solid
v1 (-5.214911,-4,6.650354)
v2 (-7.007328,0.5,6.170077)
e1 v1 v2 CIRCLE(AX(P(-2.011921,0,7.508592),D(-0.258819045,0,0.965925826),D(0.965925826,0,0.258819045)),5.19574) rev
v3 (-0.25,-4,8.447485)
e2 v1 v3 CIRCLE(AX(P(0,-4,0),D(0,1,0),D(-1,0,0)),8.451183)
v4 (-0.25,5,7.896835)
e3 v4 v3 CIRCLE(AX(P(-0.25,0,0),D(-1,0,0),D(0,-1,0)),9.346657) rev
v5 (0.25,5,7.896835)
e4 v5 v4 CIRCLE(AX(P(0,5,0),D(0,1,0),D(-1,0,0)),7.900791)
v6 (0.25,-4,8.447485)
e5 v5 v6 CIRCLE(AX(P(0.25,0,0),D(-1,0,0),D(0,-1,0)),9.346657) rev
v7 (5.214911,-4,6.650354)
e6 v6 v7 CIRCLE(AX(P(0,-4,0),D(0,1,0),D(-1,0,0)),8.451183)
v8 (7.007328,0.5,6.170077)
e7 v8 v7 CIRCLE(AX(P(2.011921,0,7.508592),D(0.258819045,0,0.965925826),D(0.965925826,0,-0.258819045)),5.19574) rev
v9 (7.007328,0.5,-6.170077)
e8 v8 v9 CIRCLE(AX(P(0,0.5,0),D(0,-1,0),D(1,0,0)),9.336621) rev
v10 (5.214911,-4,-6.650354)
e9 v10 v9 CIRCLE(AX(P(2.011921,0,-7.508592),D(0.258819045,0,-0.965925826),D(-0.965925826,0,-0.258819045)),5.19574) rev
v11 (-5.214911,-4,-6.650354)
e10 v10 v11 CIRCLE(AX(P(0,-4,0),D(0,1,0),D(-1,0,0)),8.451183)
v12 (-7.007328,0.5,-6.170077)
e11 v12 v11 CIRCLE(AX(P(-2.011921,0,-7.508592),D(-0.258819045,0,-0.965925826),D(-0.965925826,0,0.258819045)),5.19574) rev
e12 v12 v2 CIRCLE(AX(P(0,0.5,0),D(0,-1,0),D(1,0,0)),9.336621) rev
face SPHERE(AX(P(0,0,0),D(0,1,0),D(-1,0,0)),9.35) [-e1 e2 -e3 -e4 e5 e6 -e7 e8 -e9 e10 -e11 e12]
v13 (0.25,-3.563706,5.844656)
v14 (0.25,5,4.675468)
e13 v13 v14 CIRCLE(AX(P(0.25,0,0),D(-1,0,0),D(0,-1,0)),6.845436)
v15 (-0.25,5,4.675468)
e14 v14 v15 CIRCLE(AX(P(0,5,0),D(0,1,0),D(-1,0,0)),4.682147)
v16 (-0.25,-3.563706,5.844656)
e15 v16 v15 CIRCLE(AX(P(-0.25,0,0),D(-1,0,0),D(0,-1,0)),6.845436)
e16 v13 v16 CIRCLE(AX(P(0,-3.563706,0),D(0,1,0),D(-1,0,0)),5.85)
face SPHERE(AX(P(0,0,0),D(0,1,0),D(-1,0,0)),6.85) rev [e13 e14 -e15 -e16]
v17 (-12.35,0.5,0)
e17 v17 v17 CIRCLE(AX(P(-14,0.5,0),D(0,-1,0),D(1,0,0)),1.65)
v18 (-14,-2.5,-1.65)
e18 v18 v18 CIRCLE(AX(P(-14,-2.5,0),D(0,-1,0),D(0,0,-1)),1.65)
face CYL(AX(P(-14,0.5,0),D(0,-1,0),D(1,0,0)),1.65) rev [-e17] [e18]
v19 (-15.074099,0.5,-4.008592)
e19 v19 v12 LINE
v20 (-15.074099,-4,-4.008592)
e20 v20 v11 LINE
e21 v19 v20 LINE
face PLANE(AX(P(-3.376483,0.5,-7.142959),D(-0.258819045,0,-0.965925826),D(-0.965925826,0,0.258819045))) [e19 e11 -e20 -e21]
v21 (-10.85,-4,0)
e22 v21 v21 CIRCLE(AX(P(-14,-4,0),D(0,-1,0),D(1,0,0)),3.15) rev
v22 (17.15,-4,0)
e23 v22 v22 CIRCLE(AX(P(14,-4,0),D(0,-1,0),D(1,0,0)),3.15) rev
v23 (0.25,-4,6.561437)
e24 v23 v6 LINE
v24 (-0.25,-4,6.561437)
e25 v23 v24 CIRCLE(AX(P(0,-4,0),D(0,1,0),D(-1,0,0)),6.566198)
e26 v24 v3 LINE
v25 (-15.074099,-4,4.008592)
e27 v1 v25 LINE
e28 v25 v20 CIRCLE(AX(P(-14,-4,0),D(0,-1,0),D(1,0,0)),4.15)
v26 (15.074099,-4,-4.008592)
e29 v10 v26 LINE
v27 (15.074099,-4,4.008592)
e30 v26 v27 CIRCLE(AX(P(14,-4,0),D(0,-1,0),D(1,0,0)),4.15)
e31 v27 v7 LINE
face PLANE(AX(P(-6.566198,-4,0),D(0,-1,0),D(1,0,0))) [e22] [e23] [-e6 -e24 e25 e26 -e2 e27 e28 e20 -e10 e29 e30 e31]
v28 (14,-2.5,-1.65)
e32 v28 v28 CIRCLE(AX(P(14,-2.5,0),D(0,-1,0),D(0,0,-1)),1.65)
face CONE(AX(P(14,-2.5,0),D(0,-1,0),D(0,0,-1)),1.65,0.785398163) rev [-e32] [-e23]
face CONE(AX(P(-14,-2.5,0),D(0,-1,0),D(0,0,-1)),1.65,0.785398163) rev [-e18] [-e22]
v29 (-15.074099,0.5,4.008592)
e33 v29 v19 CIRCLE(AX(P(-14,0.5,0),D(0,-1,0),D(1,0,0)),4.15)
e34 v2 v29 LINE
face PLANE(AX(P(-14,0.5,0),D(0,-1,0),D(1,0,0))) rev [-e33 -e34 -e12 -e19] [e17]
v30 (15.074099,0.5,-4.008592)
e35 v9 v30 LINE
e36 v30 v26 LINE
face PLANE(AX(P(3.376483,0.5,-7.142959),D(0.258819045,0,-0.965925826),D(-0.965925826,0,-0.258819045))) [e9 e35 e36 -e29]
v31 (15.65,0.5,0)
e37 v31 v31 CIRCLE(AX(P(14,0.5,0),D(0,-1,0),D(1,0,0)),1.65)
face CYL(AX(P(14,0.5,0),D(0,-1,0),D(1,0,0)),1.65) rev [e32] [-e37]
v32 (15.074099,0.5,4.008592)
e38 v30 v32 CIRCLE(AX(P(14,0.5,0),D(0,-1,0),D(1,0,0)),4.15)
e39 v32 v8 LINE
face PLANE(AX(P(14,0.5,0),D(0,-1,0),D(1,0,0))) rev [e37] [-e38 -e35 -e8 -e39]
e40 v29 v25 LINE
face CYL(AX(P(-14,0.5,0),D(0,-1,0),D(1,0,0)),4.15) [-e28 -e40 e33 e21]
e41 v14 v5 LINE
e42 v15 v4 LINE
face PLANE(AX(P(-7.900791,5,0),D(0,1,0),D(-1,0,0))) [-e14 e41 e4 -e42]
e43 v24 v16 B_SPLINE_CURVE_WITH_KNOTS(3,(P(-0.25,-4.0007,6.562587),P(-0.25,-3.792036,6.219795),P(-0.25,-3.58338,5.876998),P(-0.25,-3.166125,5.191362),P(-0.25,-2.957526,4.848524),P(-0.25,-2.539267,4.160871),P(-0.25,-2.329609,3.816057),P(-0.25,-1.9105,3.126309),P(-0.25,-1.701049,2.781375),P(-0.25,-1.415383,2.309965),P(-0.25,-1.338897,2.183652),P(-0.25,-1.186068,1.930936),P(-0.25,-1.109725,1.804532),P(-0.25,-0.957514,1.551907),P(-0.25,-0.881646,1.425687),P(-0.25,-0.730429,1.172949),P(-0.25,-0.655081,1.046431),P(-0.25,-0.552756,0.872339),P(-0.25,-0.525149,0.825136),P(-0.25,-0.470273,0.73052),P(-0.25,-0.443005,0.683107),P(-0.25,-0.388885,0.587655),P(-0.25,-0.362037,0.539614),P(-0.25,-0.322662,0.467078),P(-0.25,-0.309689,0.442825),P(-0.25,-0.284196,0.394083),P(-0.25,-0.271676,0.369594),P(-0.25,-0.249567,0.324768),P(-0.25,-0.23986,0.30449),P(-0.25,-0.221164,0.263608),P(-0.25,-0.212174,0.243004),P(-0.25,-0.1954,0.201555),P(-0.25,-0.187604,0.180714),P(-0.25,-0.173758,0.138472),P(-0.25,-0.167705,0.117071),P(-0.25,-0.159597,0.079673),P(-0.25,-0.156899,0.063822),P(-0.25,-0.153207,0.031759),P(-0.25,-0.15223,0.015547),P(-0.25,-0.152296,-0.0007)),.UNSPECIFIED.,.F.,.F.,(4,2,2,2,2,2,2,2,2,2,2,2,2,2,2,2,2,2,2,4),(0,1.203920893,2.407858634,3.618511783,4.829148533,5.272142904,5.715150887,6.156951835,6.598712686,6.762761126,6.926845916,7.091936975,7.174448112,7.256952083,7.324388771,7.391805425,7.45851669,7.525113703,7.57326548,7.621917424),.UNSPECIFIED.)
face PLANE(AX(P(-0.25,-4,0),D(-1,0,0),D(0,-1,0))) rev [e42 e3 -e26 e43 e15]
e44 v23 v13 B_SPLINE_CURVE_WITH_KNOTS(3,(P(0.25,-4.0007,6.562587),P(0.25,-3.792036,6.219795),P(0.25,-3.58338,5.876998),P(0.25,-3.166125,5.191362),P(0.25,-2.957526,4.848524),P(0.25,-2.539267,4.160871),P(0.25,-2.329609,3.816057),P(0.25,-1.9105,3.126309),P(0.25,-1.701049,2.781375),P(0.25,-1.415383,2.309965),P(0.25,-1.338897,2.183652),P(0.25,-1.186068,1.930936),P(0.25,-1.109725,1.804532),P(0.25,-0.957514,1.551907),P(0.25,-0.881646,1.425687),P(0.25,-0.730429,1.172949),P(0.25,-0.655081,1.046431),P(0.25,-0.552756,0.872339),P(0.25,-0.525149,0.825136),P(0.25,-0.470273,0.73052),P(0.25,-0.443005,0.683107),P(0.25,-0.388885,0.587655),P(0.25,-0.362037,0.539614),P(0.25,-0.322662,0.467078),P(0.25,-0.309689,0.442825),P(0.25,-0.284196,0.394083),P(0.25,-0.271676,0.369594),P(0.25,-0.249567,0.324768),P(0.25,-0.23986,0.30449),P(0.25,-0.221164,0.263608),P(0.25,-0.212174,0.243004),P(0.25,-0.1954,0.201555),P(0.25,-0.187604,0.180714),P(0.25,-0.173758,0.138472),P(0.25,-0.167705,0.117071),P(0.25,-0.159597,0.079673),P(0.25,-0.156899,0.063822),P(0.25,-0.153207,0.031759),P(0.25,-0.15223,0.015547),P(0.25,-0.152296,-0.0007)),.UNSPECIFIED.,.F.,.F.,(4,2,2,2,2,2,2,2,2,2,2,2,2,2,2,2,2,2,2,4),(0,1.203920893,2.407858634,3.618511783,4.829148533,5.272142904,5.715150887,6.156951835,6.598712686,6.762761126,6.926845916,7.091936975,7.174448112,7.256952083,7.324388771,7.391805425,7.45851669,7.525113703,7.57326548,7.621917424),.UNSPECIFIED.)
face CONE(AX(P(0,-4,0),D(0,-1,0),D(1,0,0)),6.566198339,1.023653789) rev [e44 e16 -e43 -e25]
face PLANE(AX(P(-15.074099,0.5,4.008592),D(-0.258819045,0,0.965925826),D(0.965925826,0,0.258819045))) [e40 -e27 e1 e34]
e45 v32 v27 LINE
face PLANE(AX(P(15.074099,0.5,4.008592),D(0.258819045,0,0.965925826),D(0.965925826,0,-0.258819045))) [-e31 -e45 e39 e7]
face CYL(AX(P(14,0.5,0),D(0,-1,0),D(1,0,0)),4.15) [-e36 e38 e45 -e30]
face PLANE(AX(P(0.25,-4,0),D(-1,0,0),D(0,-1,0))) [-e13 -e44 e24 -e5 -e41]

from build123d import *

# Parameters (mm, degrees)
ESQUISSE3_R                          = 1.65
BOSS_EXTRU_1_DEPTH                   = 4.5
CHANFREIN1_SIZE                      = 1.5
ENL_V_DE_MAT_EXTRU_MINCE1_DEPTH      = 23.312440476
ENL_V_DE_MAT_EXTRU_MINCE1_DEPTH_BACK = 23.312440476
ESQUISSE4_W                          = 0.5
ESQUISSE4_H                          = 9.35


with BuildPart() as part:
    # Esquisse1 → Révolution1 (revolve)
    with BuildSketch(Plane.XY):
        with BuildLine():
            Line((-5.85, -3.563705936), (-6.566198339, -4))
            Line((-6.566198339, -4), (-8.451183349, -4))
            ThreePointArc((-8.451183349, -4), (-9.332564872, 0.570730153), (-7.9007911, 5))
            Line((-7.9007911, 5), (-4.682146943, 5))
            ThreePointArc((-4.682146943, 5), (-6.787178696, 0.925583789), (-5.85, -3.563705936))
        make_face()
    revolve(axis=Axis((0, 11.493598295, 0), (0, -1, 0)))

    # Esquisse3 → Boss.-Extru.1 (add)
    # profile 1 of 2: a face of its own
    with BuildSketch(Plane.XZ.offset(4)):
        with BuildLine():
            Line((-15.074099037, 4.008592179), (-3.376482998, 7.14295895))
            ThreePointArc((-3.376482998, 7.14295895), (-7.9007911, 0), (-3.376482998, -7.14295895))
            Line((-3.376482998, -7.14295895), (-15.074099037, -4.008592179))
            ThreePointArc((-15.074099037, -4.008592179), (-18.15, 0), (-15.074099037, 4.008592179))
        make_face()
        with Locations((-14, 0)):
            Circle(ESQUISSE3_R, mode=Mode.SUBTRACT)
    # profile 2 of 2: a face of its own
    with BuildSketch(Plane.XZ.offset(4)):
        with BuildLine():
            Line((15.074099037, 4.008592179), (3.376482998, 7.14295895))
            ThreePointArc((3.376482998, 7.14295895), (7.9007911, 0), (3.376482998, -7.14295895))
            Line((3.376482998, -7.14295895), (15.074099037, -4.008592179))
            ThreePointArc((15.074099037, -4.008592179), (18.15, 0), (15.074099037, 4.008592179))
        make_face()
        with Locations((14, 0)):
            Circle(ESQUISSE3_R, mode=Mode.SUBTRACT)
    extrude(amount=-BOSS_EXTRU_1_DEPTH)

    # Chanfrein1
    chanfrein1_edges = [part.edges().sort_by_distance(p)[0] for p in [
        (12.35, -4, 0),
        (-15.65, -4, 0),
    ]]
    chamfer(chanfrein1_edges, length=CHANFREIN1_SIZE)

    # Esquisse4 → Enlèv. de mat.-Extru.-Mince1 (cut, two sides: drawn at the far end of the back side and taken through both)
    with BuildSketch(Plane(origin=(0, 5, 0), x_dir=(1, 0, 0), z_dir=(0, 1, 0)).offset(-ENL_V_DE_MAT_EXTRU_MINCE1_DEPTH_BACK)):
        with Locations((0, -4.675)):
            Rectangle(ESQUISSE4_W, ESQUISSE4_H)
    extrude(amount=ENL_V_DE_MAT_EXTRU_MINCE1_DEPTH + ENL_V_DE_MAT_EXTRU_MINCE1_DEPTH_BACK, mode=Mode.SUBTRACT)


solid = part.part
